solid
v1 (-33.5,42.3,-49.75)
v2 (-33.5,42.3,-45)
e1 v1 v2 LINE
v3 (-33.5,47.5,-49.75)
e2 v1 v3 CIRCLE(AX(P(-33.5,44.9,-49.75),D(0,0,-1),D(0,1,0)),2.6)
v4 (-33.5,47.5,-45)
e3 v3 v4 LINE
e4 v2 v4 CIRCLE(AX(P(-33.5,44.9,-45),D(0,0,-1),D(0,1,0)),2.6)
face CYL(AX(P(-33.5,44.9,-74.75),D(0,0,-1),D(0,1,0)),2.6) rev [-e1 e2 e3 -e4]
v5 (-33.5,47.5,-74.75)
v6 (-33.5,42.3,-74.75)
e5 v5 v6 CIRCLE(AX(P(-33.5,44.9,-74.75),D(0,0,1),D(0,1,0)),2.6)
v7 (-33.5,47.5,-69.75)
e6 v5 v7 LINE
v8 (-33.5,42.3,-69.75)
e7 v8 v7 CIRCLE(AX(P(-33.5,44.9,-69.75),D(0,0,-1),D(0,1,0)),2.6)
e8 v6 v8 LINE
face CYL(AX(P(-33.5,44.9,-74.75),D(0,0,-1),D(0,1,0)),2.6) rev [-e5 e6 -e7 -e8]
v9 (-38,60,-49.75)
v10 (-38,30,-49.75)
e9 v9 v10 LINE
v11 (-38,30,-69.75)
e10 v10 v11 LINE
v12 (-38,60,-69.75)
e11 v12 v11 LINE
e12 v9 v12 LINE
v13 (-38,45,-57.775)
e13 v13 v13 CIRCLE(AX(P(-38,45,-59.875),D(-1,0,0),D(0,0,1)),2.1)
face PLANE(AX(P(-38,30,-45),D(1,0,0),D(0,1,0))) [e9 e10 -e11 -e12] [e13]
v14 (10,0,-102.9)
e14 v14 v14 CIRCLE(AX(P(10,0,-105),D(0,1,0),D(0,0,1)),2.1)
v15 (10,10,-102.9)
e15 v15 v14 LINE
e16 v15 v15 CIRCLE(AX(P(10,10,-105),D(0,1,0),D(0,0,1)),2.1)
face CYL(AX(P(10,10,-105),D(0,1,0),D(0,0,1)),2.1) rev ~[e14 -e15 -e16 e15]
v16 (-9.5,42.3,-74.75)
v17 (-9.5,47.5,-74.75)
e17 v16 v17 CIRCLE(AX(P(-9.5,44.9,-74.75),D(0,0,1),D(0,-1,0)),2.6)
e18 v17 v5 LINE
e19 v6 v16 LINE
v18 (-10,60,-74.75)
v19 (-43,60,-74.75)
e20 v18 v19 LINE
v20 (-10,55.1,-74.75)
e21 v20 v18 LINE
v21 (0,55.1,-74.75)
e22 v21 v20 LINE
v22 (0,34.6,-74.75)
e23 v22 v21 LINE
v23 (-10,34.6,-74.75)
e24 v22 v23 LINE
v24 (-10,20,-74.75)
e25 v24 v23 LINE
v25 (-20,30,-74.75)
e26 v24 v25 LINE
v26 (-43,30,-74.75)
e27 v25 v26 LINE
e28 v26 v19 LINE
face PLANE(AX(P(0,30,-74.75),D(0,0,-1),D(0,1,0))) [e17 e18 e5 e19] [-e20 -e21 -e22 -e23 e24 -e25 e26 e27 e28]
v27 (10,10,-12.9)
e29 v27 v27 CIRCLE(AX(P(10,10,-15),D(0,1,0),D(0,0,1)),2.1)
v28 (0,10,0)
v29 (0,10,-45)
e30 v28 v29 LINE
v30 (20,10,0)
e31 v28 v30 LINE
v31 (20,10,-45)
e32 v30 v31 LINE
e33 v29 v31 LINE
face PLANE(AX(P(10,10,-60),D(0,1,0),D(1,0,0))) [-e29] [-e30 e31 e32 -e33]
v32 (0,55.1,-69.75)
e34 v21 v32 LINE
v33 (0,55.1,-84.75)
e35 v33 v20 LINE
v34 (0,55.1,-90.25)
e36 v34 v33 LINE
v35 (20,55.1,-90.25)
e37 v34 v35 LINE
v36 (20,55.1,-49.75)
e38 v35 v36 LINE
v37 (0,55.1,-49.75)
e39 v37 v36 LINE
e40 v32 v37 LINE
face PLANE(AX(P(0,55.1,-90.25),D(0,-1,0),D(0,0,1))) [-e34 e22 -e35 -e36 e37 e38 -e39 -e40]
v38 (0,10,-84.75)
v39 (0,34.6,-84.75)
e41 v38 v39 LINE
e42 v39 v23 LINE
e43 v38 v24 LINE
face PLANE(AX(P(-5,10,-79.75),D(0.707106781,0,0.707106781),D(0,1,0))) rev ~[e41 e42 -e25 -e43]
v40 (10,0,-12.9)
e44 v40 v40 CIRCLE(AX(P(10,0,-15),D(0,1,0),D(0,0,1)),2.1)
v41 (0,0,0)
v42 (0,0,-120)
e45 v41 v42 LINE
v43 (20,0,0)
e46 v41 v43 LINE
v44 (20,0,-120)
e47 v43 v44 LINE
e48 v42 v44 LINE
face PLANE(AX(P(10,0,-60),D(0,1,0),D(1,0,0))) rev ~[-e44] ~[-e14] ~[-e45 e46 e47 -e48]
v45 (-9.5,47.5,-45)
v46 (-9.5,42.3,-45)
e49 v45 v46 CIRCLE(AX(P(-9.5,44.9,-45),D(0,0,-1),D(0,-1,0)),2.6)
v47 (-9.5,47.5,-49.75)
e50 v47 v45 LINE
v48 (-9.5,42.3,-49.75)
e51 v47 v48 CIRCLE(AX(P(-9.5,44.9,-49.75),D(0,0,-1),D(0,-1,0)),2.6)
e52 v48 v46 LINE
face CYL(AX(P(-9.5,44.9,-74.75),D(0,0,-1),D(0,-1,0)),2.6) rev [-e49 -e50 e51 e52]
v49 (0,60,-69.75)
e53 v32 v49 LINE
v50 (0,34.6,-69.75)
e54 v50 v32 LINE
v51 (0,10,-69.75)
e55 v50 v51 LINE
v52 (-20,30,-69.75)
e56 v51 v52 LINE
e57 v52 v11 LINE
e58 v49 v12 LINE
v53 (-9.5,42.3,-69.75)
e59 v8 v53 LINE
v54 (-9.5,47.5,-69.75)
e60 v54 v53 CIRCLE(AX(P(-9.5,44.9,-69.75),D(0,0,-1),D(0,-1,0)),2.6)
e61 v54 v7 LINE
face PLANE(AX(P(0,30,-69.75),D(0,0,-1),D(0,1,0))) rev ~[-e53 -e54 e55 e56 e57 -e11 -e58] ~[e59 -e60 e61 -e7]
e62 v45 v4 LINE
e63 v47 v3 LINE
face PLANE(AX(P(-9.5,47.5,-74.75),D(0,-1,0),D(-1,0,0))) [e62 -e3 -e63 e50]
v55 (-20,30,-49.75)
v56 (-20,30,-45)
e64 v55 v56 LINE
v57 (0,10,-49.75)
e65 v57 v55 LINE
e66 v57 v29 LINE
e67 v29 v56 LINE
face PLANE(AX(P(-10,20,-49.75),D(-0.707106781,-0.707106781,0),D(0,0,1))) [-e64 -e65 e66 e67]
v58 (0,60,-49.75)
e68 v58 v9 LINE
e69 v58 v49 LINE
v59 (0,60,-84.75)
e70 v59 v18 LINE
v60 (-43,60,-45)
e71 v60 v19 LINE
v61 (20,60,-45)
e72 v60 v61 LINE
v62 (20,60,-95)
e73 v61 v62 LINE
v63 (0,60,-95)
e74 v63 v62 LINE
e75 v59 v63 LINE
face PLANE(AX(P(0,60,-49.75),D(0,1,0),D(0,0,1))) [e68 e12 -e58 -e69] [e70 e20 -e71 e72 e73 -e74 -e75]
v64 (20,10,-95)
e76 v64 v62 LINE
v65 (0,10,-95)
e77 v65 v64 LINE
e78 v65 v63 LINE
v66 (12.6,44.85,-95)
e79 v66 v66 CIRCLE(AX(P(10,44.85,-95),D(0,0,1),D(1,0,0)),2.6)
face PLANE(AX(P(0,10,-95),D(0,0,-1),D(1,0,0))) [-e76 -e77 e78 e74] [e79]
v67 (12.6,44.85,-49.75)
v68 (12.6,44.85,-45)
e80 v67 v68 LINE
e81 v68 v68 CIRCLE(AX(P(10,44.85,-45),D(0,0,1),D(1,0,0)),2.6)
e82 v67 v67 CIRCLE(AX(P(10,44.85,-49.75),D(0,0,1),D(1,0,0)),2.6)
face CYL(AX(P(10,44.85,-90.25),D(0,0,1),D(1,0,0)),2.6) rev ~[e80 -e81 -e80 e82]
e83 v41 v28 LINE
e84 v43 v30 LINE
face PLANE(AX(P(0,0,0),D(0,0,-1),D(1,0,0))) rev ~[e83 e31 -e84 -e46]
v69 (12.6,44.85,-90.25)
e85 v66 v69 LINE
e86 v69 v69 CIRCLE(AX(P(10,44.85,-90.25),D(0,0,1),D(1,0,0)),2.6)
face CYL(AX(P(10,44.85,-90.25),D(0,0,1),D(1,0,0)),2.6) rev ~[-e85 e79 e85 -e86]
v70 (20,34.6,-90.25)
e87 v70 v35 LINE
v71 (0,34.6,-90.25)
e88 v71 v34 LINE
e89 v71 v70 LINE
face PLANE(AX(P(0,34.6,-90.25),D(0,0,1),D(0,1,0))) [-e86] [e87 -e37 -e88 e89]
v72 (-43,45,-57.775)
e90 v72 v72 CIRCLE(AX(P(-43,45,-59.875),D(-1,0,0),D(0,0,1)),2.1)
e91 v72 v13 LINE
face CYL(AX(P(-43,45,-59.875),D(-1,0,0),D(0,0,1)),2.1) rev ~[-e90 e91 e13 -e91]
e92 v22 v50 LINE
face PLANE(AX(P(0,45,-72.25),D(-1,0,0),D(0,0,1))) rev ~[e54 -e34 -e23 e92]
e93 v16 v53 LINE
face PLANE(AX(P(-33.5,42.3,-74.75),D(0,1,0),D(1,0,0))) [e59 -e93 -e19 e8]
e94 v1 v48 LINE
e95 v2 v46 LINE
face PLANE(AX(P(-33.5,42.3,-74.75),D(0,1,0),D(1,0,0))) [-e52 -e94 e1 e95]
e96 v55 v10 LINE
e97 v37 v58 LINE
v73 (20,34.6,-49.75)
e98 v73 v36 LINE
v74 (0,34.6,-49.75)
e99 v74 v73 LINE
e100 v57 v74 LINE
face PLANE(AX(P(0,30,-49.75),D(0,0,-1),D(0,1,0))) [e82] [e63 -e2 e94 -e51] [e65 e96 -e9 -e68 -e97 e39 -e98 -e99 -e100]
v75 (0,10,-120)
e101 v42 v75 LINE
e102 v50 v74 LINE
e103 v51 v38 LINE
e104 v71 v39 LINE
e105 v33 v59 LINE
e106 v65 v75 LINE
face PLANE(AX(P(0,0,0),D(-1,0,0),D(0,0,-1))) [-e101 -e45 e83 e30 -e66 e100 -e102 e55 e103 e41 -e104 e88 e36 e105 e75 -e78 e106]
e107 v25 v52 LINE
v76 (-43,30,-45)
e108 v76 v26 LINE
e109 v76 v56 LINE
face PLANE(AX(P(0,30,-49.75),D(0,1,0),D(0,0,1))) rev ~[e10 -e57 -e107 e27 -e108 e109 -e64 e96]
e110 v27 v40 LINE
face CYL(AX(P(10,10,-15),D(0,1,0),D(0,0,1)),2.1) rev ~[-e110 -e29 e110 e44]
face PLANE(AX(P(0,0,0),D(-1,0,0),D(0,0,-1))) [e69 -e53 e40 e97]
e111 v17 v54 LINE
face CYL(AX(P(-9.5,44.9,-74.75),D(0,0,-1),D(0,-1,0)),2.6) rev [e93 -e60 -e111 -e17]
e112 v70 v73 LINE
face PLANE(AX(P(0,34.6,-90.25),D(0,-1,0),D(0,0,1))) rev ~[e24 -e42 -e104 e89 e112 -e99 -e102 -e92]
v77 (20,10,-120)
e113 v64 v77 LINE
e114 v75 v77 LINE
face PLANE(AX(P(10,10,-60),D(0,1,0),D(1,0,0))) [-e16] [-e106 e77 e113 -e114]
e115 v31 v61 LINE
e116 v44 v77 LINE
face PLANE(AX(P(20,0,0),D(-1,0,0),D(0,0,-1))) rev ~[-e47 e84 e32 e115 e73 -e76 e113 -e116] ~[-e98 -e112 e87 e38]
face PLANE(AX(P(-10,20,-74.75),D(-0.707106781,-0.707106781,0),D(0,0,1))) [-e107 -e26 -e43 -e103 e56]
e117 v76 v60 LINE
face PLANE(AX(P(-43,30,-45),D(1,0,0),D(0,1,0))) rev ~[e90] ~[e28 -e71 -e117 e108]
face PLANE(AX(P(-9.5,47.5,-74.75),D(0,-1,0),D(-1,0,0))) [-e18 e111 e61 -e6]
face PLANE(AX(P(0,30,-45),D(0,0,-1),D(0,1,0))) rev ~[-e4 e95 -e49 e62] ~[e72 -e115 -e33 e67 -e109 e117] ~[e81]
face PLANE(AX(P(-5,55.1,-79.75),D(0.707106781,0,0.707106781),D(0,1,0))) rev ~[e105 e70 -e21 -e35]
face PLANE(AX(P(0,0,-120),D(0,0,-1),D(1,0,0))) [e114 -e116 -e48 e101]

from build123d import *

# Parameters (mm, degrees)
SKETCH4_W           = 20
SKETCH4_H           = 120
BOSS_EXTRUDE4_DEPTH = 10
SKETCH5_R           = 2.1
CUT_EXTRUDE1_DEPTH  = 10
SKETCH6_W           = 20
SKETCH6_H           = 50
BOSS_EXTRUDE5_DEPTH = 50
SKETCH7_W           = 40.5
SKETCH7_H           = 20.5
CUT_EXTRUDE2_DEPTH  = 20
SKETCH8_R           = 2.6
CUT_EXTRUDE3_DEPTH  = 50
SKETCH9_W           = 4.75
SKETCH9_H           = 30
SKETCH9_W_2         = 5
BOSS_EXTRUDE6_DEPTH = 40
CUT_EXTRUDE4_DEPTH  = 40
BOSS_EXTRUDE7_START = -29.75
SKETCH11_W          = 5
SKETCH11_H          = 30
BOSS_EXTRUDE7_DEPTH = 29.75
SKETCH12_R          = 2.1
CUT_EXTRUDE5_DEPTH  = 5
CHAMFER1_SIZE       = 20
CHAMFER2_SIZE       = 10


with BuildPart() as part:
    # Sketch4 → Boss-Extrude4 (new body)
    with BuildSketch(Plane(origin=(0, 0, 0), x_dir=(1, 0, 0), z_dir=(0, 1, 0))):
        with Locations((10, 60)):
            Rectangle(SKETCH4_W, SKETCH4_H)
    extrude(amount=BOSS_EXTRUDE4_DEPTH)

    # Sketch5 → Cut-Extrude1 (cut)
    with BuildSketch(Plane(origin=(0, 10, 0), x_dir=(1, 0, 0), z_dir=(0, 1, 0))):
        with Locations(Location((10, 105, 0), (0, 0, 270))):
            Circle(SKETCH5_R)
        with Locations(Location((10, 15, 0), (0, 0, 270))):
            Circle(SKETCH5_R)
    extrude(amount=-CUT_EXTRUDE1_DEPTH, mode=Mode.SUBTRACT)

    # Sketch6 → Boss-Extrude5 (add)
    with BuildSketch(Plane(origin=(0, 10, 0), x_dir=(1, 0, 0), z_dir=(0, 1, 0))):
        with Locations((10, 70)):
            Rectangle(SKETCH6_W, SKETCH6_H)
    extrude(amount=BOSS_EXTRUDE5_DEPTH)

    # Sketch7 → Cut-Extrude2 (cut)
    with BuildSketch(Plane.ZY):
        with Locations((-70, 44.85)):
            Rectangle(SKETCH7_W, SKETCH7_H)
    extrude(amount=-CUT_EXTRUDE2_DEPTH, mode=Mode.SUBTRACT)

    # Sketch8 → Cut-Extrude3 (cut, symmetric)
    with BuildSketch(Plane.XY.offset(-90.25)):
        with Locations((10, 44.85)):
            Circle(SKETCH8_R)
    extrude(amount=CUT_EXTRUDE3_DEPTH, both=True, mode=Mode.SUBTRACT)

    # Sketch9 → Boss-Extrude6 (add)
    with BuildSketch(Plane.ZY):
        with Locations((-47.375, 45)):
            Rectangle(SKETCH9_W, SKETCH9_H)
        with Locations((-72.25, 45)):
            Rectangle(SKETCH9_W_2, SKETCH9_H)
    extrude(amount=BOSS_EXTRUDE6_DEPTH)

    # Sketch10 → Cut-Extrude4 (cut)
    with BuildSketch(Plane(origin=(0, 0, -74.75), x_dir=(-1, 0, 0), z_dir=(0, 0, -1))):
        with BuildLine():
            Line((33.5, 42.3), (9.5, 42.3))
            ThreePointArc((9.5, 42.3), (6.9, 44.9), (9.5, 47.5))
            Line((9.5, 47.5), (33.5, 47.5))
            ThreePointArc((33.5, 47.5), (36.1, 44.9), (33.5, 42.3))
        make_face()
    extrude(amount=-CUT_EXTRUDE4_DEPTH, mode=Mode.SUBTRACT)

    # Sketch11 → Boss-Extrude7 (add)
    with BuildSketch(Plane(origin=(0, 0, -74.75), x_dir=(-1, 0, 0), z_dir=(0, 0, -1)).offset(BOSS_EXTRUDE7_START)):
        with Locations((40.5, 45)):
            Rectangle(SKETCH11_W, SKETCH11_H)
    extrude(amount=BOSS_EXTRUDE7_DEPTH)

    # Sketch12 → Cut-Extrude5 (cut)
    with BuildSketch(Plane.ZY.offset(43)):
        with Locations((-59.875, 45)):
            Circle(SKETCH12_R)
    extrude(amount=-CUT_EXTRUDE5_DEPTH, mode=Mode.SUBTRACT)

    # Chamfer1
    chamfer1_edges = [part.edges().sort_by_distance(p)[0] for p in [
        (0, 30, -47.375),
        (0, 30, -72.25),
    ]]
    chamfer(chamfer1_edges, length=CHAMFER1_SIZE)

    # Chamfer2
    chamfer2_edges = [part.edges().sort_by_distance(p)[0] for p in [
        (0, 57.55, -74.75),
        (0, 22.3, -74.75),
    ]]
    chamfer(chamfer2_edges, length=CHAMFER2_SIZE)


solid = part.part
